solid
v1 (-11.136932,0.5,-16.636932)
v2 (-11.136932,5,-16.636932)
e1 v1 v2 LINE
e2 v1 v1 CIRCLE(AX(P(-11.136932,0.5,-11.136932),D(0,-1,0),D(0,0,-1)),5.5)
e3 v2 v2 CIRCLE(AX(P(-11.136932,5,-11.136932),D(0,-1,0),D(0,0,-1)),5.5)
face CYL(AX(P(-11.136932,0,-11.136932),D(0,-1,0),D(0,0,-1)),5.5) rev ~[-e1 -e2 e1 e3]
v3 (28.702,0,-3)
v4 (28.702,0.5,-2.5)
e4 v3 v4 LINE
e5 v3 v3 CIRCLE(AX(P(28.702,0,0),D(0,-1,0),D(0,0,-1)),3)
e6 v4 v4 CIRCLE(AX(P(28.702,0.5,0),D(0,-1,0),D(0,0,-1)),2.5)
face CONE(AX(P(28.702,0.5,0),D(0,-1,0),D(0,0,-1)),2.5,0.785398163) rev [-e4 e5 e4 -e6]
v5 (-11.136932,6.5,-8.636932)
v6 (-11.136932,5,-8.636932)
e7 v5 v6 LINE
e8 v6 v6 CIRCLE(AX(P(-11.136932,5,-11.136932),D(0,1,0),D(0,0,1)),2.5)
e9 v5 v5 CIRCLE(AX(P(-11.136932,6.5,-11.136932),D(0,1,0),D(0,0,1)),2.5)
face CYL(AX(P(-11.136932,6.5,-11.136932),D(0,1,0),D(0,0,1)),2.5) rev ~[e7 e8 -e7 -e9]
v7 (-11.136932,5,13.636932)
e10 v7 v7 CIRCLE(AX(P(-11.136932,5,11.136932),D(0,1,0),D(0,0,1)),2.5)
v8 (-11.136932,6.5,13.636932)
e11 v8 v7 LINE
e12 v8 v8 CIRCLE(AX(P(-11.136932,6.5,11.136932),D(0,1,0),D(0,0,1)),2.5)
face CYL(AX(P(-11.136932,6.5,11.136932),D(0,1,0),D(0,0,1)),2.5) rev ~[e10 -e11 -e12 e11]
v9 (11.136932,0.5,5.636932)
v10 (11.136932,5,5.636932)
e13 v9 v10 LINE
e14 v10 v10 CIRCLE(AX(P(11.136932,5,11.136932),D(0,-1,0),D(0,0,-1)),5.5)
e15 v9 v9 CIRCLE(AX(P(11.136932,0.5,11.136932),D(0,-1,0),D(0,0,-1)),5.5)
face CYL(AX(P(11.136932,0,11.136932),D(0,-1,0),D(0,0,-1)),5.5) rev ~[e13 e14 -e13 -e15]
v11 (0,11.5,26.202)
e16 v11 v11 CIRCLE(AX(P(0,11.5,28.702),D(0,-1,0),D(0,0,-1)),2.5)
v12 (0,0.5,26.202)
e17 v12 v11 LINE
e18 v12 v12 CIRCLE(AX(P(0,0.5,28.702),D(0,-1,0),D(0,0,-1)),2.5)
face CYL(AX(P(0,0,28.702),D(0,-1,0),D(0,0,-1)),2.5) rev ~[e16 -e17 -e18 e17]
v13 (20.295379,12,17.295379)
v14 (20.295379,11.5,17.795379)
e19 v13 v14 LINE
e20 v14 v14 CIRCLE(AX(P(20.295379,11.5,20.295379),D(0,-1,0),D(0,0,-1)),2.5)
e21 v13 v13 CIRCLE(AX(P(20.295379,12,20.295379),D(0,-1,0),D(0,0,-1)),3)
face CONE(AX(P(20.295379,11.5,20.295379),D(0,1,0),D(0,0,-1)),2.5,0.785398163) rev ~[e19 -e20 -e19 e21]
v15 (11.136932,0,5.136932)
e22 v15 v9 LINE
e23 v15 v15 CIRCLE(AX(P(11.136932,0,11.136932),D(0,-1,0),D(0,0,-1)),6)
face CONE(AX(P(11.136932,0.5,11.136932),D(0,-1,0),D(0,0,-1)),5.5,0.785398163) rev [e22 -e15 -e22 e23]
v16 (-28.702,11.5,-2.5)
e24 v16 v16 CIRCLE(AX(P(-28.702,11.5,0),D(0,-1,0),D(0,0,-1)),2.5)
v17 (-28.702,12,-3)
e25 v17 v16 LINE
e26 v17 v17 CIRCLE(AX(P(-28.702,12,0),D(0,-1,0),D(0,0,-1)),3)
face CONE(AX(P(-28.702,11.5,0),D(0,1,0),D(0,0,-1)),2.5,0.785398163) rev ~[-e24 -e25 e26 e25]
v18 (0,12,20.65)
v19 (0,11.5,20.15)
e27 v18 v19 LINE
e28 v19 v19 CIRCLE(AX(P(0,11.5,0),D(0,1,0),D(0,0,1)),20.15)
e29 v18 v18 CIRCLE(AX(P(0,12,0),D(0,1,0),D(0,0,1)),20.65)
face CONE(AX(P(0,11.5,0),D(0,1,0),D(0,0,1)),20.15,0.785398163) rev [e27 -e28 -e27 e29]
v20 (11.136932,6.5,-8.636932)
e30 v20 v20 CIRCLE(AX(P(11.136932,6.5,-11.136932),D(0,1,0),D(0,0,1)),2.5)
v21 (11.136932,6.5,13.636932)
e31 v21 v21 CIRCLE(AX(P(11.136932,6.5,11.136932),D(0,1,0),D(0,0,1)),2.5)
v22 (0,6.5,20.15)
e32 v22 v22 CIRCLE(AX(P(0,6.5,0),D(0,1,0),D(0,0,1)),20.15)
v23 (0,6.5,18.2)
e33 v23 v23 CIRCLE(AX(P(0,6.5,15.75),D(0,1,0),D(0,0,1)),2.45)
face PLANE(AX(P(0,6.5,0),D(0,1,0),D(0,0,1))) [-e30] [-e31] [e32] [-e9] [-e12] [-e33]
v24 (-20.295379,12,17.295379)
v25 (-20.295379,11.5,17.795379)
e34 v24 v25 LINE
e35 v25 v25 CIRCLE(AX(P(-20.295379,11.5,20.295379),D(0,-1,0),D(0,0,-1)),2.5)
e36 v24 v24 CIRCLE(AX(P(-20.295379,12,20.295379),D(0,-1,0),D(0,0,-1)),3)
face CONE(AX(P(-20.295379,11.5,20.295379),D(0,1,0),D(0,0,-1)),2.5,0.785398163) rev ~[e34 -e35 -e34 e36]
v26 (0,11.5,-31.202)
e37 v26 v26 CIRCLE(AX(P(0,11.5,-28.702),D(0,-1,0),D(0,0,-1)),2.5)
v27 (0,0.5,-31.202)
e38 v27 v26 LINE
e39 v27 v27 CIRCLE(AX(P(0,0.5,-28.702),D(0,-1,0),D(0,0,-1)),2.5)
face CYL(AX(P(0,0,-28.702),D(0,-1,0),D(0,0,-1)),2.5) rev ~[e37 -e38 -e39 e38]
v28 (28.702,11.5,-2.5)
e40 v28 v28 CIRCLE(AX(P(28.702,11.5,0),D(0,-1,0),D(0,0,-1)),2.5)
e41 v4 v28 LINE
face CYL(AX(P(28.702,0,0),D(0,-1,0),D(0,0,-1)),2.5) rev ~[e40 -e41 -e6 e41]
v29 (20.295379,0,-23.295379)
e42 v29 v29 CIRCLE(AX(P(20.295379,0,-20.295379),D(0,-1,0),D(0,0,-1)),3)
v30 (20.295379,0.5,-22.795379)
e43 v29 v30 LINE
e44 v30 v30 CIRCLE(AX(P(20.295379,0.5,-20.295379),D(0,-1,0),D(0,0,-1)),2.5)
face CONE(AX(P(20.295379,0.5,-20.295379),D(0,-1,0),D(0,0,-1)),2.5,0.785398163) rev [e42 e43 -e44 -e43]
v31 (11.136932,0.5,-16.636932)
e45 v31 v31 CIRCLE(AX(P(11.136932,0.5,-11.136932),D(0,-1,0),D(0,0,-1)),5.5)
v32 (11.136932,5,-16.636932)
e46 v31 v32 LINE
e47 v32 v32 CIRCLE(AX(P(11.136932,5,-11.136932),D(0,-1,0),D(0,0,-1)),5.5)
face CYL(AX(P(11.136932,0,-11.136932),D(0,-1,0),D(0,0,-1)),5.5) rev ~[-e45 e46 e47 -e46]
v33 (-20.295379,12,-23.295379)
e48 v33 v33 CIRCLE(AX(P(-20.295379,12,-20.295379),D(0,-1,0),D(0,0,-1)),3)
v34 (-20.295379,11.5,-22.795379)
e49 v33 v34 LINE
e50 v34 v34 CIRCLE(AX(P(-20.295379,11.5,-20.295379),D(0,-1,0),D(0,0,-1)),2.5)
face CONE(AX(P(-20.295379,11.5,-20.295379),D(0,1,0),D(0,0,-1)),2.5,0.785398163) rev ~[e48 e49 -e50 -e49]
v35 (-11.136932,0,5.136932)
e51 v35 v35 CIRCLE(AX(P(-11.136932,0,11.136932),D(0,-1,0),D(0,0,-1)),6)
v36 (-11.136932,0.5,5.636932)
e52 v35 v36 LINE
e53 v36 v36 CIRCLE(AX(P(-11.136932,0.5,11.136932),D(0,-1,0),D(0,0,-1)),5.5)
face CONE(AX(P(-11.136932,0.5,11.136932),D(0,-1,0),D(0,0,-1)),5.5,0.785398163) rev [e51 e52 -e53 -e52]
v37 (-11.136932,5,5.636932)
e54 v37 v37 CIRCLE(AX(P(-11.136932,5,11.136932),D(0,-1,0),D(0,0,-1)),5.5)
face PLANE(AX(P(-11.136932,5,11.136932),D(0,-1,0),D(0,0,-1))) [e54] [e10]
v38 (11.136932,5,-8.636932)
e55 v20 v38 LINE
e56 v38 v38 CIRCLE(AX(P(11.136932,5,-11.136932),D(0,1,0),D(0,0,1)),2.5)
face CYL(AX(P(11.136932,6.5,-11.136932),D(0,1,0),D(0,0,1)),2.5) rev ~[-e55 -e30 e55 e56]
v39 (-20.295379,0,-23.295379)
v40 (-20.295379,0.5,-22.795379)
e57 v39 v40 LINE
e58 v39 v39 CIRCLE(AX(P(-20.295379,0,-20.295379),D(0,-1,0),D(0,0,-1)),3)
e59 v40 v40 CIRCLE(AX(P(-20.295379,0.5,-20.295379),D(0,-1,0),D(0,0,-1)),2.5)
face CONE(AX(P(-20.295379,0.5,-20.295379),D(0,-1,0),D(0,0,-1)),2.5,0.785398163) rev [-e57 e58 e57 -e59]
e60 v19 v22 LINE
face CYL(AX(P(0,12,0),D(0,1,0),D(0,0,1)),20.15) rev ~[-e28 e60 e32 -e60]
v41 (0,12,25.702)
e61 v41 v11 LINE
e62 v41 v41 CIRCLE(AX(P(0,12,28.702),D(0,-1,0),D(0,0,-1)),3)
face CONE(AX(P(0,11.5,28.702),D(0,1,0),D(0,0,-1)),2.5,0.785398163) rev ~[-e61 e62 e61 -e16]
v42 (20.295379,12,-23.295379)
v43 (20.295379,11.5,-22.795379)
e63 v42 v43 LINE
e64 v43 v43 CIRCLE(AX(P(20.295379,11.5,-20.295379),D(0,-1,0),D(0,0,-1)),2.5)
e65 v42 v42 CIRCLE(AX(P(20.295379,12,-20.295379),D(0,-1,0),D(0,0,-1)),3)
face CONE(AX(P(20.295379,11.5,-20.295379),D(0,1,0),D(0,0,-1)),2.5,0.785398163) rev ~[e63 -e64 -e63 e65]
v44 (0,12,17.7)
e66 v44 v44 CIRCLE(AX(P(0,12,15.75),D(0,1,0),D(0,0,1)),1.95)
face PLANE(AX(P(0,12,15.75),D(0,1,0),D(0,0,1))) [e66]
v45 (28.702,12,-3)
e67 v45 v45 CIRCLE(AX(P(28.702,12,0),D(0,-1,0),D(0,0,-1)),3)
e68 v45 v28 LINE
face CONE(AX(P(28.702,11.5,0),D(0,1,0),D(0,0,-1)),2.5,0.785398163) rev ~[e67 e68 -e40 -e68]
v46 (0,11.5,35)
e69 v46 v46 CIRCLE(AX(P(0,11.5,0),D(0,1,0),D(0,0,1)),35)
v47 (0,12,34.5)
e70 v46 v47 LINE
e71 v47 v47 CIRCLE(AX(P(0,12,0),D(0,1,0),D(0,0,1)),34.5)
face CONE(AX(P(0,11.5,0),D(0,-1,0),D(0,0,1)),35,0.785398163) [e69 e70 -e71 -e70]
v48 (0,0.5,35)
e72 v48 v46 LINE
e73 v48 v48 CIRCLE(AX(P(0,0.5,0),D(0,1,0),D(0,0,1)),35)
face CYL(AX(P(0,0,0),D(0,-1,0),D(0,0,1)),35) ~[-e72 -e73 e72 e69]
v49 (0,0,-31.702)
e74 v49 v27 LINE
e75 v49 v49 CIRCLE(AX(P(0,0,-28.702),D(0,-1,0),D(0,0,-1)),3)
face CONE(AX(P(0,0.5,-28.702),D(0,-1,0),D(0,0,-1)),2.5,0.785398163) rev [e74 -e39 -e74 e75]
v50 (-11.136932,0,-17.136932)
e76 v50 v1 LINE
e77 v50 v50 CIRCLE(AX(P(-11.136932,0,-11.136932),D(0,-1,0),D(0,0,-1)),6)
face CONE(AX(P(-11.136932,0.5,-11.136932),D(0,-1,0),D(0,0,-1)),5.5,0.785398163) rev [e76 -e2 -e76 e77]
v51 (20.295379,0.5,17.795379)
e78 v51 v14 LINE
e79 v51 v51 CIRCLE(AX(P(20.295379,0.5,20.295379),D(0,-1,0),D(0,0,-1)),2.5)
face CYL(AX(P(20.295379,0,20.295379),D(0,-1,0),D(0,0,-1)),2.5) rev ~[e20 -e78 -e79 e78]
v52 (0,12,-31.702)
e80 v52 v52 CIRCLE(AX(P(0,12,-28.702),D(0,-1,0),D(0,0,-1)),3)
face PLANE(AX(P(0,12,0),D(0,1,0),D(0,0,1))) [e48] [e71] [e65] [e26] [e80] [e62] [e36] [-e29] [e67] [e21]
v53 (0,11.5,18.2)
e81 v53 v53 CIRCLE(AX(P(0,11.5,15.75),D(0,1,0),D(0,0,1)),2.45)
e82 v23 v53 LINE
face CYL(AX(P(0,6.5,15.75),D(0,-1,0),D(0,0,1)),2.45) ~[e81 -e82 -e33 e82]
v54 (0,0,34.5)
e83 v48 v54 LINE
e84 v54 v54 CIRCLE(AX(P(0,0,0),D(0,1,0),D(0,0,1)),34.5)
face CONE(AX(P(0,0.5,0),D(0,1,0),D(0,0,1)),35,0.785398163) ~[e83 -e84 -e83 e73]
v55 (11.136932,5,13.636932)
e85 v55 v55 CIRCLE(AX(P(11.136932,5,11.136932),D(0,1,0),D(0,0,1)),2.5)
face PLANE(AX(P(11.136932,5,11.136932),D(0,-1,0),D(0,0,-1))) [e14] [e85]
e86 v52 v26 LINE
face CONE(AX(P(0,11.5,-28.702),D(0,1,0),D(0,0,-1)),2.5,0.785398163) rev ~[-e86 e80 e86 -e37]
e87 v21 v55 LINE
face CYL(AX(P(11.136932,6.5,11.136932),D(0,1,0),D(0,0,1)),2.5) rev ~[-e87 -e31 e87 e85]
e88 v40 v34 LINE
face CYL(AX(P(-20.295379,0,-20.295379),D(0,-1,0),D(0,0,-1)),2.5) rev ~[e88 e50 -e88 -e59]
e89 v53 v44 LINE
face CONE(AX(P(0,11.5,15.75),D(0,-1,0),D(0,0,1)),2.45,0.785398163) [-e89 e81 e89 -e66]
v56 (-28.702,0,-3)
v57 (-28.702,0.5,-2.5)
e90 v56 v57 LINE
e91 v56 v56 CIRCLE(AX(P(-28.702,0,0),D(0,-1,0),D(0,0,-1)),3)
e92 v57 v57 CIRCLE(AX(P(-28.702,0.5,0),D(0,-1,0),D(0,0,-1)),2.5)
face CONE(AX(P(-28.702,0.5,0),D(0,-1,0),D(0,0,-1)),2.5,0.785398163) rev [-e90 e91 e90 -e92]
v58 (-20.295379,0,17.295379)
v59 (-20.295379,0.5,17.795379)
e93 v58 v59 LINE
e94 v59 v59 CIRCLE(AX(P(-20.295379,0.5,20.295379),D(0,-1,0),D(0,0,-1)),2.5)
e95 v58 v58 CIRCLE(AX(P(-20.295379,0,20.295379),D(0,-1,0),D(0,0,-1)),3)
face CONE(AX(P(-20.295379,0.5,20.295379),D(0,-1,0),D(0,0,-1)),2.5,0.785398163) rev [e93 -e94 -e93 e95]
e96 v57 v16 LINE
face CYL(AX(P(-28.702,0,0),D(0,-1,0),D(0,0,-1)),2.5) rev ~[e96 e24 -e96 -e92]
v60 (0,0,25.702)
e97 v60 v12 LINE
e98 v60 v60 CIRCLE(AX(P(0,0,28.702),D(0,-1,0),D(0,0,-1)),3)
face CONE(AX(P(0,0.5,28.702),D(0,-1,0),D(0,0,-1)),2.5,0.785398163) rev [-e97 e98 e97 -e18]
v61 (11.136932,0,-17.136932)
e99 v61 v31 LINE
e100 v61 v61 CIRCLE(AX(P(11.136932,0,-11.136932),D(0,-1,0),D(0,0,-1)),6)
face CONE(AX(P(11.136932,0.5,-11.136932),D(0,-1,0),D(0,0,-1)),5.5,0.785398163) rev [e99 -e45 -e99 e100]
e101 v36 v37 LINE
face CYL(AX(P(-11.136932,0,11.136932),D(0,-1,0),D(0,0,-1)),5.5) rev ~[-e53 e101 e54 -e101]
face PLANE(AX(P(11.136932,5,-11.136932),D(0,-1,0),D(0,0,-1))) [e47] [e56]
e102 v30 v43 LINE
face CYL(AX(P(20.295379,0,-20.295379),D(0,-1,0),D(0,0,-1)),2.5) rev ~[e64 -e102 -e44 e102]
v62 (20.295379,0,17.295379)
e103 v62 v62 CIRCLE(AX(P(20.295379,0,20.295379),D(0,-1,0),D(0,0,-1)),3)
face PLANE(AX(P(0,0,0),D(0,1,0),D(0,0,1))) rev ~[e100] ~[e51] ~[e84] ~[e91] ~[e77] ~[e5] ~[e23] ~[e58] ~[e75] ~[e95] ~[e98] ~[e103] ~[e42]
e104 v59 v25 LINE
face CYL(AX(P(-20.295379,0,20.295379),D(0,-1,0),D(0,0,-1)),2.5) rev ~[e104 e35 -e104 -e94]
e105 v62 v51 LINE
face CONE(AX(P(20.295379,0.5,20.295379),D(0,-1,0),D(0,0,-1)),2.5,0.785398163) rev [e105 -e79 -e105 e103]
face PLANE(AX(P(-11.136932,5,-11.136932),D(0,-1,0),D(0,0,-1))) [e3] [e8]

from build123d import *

# Parameters (mm, degrees)
SKETCH1_R           = 35
BOSS_EXTRUDE1_DEPTH = 12
SKETCH2_R           = 20.15
CUT_EXTRUDE1_DEPTH  = 5.5
SKETCH3_R           = 2.45
BOSS_EXTRUDE2_DEPTH = 5.5
SKETCH4_R           = 2.5
CUT_EXTRUDE2_DEPTH  = 50.922439844
SKETCH5_R           = 5.5
CUT_EXTRUDE3_DEPTH  = 5
SKETCH6_R           = 2.5
CUT_EXTRUDE4_DEPTH  = 51.931326313
CHAMFER1_SIZE       = 0.5
CHAMFER2_SIZE       = 0.5
CHAMFER3_SIZE       = 0.5


with BuildPart() as part:
    # Sketch1 → Boss-Extrude1 (new body)
    with BuildSketch(Plane(origin=(0, 0, 0), x_dir=(1, 0, 0), z_dir=(0, 1, 0))):
        with Locations(Location((0, 0, 0), (0, 0, 270))):
            Circle(SKETCH1_R)
    extrude(amount=BOSS_EXTRUDE1_DEPTH)

    # Sketch2 → Cut-Extrude1 (cut)
    with BuildSketch(Plane(origin=(0, 12, 0), x_dir=(1, 0, 0), z_dir=(0, 1, 0))):
        with Locations(Location((0, 0, 0), (0, 0, 270))):
            Circle(SKETCH2_R)
    extrude(amount=-CUT_EXTRUDE1_DEPTH, mode=Mode.SUBTRACT)

    # Sketch3 → Boss-Extrude2 (add)
    with BuildSketch(Plane(origin=(0, 6.5, 0), x_dir=(1, 0, 0), z_dir=(0, 1, 0))):
        with Locations(Location((0, -15.75, 0), (0, 0, 270))):
            Circle(SKETCH3_R)
    extrude(amount=BOSS_EXTRUDE2_DEPTH)

    # Sketch4 → Cut-Extrude2 (cut, through all)
    with BuildSketch(Plane(origin=(0, 6.5, 0), x_dir=(1, 0, 0), z_dir=(0, 1, 0))):
        with Locations(Location((11.136931804, 11.136931804, 0), (0, 0, 270))):
            Circle(SKETCH4_R)
        with Locations(Location((11.136931804, -11.136931804, 0), (0, 0, 270))):
            Circle(SKETCH4_R)
        with Locations(Location((-11.136931804, -11.136931804, 0), (0, 0, 270))):
            Circle(SKETCH4_R)
        with Locations(Location((-11.136931804, 11.136931804, 0), (0, 0, 270))):
            Circle(SKETCH4_R)
    extrude(amount=-CUT_EXTRUDE2_DEPTH, mode=Mode.SUBTRACT)

    # Sketch5 → Cut-Extrude3 (cut)
    with BuildSketch(Plane.XZ):
        with Locations(Location((11.136931804, -11.136931804, 0), (0, 0, 270))):
            Circle(SKETCH5_R)
        with Locations(Location((11.136931804, 11.136931804, 0), (0, 0, 270))):
            Circle(SKETCH5_R)
        with Locations(Location((-11.136931804, -11.136931804, 0), (0, 0, 270))):
            Circle(SKETCH5_R)
        with Locations(Location((-11.136931804, 11.136931804, 0), (0, 0, 270))):
            Circle(SKETCH5_R)
    extrude(amount=-CUT_EXTRUDE3_DEPTH, mode=Mode.SUBTRACT)

    # Sketch6 → Cut-Extrude4 (cut, through all)
    with BuildSketch(Plane.XZ):
        with Locations(Location((28.702, 0, 0), (0, 0, 270))):
            Circle(SKETCH6_R)
        with Locations(Location((20.295378834, -20.295378834, 0), (0, 0, 270))):
            Circle(SKETCH6_R)
        with Locations(Location((0, -28.702, 0), (0, 0, 270))):
            Circle(SKETCH6_R)
        with Locations(Location((-20.295378834, -20.295378834, 0), (0, 0, 270))):
            Circle(SKETCH6_R)
        with Locations(Location((-28.702, 0, 0), (0, 0, 270))):
            Circle(SKETCH6_R)
        with Locations(Location((-20.295378834, 20.295378834, 0), (0, 0, 270))):
            Circle(SKETCH6_R)
        with Locations(Location((0, 28.702, 0), (0, 0, 270))):
            Circle(SKETCH6_R)
        with Locations(Location((20.295378834, 20.295378834, 0), (0, 0, 270))):
            Circle(SKETCH6_R)
    extrude(amount=-CUT_EXTRUDE4_DEPTH, mode=Mode.SUBTRACT)

    # Chamfer1
    chamfer1_edges = [part.edges().sort_by_distance(p)[0] for p in [
        (0, 0, -35),
        (-11.136931804, 0, 16.636931804),
        (-11.136931804, 0, -5.636931804),
        (11.136931804, 0, -5.636931804),
        (11.136931804, 0, 16.636931804),
        (28.702, 0, 2.5),
        (20.295378834, 0, -17.795378834),
        (0, 0, -26.202),
        (-20.295378834, 0, -17.795378834),
        (-28.702, 0, 2.5),
        (-20.295378834, 0, 22.795378834),
        (0, 0, 31.202),
        (20.295378834, 0, 22.795378834),
    ]]
    chamfer(chamfer1_edges, length=CHAMFER1_SIZE)

    # Chamfer2
    chamfer2_edges = [part.edges().sort_by_distance(p)[0] for p in [
        (0, 12, -35),
        (0, 12, -20.15),
        (28.702, 12, 2.5),
        (20.295378834, 12, -17.795378834),
        (0, 12, -26.202),
        (-20.295378834, 12, -17.795378834),
        (-28.702, 12, 2.5),
        (-20.295378834, 12, 22.795378834),
        (0, 12, 31.202),
        (20.295378834, 12, 22.795378834),
    ]]
    chamfer(chamfer2_edges, length=CHAMFER2_SIZE)

    # Chamfer3
    chamfer3_edges = [part.edges().sort_by_distance(p)[0] for p in [
        (0, 12, 13.3),
    ]]
    chamfer(chamfer3_edges, length=CHAMFER3_SIZE)


solid = part.part
